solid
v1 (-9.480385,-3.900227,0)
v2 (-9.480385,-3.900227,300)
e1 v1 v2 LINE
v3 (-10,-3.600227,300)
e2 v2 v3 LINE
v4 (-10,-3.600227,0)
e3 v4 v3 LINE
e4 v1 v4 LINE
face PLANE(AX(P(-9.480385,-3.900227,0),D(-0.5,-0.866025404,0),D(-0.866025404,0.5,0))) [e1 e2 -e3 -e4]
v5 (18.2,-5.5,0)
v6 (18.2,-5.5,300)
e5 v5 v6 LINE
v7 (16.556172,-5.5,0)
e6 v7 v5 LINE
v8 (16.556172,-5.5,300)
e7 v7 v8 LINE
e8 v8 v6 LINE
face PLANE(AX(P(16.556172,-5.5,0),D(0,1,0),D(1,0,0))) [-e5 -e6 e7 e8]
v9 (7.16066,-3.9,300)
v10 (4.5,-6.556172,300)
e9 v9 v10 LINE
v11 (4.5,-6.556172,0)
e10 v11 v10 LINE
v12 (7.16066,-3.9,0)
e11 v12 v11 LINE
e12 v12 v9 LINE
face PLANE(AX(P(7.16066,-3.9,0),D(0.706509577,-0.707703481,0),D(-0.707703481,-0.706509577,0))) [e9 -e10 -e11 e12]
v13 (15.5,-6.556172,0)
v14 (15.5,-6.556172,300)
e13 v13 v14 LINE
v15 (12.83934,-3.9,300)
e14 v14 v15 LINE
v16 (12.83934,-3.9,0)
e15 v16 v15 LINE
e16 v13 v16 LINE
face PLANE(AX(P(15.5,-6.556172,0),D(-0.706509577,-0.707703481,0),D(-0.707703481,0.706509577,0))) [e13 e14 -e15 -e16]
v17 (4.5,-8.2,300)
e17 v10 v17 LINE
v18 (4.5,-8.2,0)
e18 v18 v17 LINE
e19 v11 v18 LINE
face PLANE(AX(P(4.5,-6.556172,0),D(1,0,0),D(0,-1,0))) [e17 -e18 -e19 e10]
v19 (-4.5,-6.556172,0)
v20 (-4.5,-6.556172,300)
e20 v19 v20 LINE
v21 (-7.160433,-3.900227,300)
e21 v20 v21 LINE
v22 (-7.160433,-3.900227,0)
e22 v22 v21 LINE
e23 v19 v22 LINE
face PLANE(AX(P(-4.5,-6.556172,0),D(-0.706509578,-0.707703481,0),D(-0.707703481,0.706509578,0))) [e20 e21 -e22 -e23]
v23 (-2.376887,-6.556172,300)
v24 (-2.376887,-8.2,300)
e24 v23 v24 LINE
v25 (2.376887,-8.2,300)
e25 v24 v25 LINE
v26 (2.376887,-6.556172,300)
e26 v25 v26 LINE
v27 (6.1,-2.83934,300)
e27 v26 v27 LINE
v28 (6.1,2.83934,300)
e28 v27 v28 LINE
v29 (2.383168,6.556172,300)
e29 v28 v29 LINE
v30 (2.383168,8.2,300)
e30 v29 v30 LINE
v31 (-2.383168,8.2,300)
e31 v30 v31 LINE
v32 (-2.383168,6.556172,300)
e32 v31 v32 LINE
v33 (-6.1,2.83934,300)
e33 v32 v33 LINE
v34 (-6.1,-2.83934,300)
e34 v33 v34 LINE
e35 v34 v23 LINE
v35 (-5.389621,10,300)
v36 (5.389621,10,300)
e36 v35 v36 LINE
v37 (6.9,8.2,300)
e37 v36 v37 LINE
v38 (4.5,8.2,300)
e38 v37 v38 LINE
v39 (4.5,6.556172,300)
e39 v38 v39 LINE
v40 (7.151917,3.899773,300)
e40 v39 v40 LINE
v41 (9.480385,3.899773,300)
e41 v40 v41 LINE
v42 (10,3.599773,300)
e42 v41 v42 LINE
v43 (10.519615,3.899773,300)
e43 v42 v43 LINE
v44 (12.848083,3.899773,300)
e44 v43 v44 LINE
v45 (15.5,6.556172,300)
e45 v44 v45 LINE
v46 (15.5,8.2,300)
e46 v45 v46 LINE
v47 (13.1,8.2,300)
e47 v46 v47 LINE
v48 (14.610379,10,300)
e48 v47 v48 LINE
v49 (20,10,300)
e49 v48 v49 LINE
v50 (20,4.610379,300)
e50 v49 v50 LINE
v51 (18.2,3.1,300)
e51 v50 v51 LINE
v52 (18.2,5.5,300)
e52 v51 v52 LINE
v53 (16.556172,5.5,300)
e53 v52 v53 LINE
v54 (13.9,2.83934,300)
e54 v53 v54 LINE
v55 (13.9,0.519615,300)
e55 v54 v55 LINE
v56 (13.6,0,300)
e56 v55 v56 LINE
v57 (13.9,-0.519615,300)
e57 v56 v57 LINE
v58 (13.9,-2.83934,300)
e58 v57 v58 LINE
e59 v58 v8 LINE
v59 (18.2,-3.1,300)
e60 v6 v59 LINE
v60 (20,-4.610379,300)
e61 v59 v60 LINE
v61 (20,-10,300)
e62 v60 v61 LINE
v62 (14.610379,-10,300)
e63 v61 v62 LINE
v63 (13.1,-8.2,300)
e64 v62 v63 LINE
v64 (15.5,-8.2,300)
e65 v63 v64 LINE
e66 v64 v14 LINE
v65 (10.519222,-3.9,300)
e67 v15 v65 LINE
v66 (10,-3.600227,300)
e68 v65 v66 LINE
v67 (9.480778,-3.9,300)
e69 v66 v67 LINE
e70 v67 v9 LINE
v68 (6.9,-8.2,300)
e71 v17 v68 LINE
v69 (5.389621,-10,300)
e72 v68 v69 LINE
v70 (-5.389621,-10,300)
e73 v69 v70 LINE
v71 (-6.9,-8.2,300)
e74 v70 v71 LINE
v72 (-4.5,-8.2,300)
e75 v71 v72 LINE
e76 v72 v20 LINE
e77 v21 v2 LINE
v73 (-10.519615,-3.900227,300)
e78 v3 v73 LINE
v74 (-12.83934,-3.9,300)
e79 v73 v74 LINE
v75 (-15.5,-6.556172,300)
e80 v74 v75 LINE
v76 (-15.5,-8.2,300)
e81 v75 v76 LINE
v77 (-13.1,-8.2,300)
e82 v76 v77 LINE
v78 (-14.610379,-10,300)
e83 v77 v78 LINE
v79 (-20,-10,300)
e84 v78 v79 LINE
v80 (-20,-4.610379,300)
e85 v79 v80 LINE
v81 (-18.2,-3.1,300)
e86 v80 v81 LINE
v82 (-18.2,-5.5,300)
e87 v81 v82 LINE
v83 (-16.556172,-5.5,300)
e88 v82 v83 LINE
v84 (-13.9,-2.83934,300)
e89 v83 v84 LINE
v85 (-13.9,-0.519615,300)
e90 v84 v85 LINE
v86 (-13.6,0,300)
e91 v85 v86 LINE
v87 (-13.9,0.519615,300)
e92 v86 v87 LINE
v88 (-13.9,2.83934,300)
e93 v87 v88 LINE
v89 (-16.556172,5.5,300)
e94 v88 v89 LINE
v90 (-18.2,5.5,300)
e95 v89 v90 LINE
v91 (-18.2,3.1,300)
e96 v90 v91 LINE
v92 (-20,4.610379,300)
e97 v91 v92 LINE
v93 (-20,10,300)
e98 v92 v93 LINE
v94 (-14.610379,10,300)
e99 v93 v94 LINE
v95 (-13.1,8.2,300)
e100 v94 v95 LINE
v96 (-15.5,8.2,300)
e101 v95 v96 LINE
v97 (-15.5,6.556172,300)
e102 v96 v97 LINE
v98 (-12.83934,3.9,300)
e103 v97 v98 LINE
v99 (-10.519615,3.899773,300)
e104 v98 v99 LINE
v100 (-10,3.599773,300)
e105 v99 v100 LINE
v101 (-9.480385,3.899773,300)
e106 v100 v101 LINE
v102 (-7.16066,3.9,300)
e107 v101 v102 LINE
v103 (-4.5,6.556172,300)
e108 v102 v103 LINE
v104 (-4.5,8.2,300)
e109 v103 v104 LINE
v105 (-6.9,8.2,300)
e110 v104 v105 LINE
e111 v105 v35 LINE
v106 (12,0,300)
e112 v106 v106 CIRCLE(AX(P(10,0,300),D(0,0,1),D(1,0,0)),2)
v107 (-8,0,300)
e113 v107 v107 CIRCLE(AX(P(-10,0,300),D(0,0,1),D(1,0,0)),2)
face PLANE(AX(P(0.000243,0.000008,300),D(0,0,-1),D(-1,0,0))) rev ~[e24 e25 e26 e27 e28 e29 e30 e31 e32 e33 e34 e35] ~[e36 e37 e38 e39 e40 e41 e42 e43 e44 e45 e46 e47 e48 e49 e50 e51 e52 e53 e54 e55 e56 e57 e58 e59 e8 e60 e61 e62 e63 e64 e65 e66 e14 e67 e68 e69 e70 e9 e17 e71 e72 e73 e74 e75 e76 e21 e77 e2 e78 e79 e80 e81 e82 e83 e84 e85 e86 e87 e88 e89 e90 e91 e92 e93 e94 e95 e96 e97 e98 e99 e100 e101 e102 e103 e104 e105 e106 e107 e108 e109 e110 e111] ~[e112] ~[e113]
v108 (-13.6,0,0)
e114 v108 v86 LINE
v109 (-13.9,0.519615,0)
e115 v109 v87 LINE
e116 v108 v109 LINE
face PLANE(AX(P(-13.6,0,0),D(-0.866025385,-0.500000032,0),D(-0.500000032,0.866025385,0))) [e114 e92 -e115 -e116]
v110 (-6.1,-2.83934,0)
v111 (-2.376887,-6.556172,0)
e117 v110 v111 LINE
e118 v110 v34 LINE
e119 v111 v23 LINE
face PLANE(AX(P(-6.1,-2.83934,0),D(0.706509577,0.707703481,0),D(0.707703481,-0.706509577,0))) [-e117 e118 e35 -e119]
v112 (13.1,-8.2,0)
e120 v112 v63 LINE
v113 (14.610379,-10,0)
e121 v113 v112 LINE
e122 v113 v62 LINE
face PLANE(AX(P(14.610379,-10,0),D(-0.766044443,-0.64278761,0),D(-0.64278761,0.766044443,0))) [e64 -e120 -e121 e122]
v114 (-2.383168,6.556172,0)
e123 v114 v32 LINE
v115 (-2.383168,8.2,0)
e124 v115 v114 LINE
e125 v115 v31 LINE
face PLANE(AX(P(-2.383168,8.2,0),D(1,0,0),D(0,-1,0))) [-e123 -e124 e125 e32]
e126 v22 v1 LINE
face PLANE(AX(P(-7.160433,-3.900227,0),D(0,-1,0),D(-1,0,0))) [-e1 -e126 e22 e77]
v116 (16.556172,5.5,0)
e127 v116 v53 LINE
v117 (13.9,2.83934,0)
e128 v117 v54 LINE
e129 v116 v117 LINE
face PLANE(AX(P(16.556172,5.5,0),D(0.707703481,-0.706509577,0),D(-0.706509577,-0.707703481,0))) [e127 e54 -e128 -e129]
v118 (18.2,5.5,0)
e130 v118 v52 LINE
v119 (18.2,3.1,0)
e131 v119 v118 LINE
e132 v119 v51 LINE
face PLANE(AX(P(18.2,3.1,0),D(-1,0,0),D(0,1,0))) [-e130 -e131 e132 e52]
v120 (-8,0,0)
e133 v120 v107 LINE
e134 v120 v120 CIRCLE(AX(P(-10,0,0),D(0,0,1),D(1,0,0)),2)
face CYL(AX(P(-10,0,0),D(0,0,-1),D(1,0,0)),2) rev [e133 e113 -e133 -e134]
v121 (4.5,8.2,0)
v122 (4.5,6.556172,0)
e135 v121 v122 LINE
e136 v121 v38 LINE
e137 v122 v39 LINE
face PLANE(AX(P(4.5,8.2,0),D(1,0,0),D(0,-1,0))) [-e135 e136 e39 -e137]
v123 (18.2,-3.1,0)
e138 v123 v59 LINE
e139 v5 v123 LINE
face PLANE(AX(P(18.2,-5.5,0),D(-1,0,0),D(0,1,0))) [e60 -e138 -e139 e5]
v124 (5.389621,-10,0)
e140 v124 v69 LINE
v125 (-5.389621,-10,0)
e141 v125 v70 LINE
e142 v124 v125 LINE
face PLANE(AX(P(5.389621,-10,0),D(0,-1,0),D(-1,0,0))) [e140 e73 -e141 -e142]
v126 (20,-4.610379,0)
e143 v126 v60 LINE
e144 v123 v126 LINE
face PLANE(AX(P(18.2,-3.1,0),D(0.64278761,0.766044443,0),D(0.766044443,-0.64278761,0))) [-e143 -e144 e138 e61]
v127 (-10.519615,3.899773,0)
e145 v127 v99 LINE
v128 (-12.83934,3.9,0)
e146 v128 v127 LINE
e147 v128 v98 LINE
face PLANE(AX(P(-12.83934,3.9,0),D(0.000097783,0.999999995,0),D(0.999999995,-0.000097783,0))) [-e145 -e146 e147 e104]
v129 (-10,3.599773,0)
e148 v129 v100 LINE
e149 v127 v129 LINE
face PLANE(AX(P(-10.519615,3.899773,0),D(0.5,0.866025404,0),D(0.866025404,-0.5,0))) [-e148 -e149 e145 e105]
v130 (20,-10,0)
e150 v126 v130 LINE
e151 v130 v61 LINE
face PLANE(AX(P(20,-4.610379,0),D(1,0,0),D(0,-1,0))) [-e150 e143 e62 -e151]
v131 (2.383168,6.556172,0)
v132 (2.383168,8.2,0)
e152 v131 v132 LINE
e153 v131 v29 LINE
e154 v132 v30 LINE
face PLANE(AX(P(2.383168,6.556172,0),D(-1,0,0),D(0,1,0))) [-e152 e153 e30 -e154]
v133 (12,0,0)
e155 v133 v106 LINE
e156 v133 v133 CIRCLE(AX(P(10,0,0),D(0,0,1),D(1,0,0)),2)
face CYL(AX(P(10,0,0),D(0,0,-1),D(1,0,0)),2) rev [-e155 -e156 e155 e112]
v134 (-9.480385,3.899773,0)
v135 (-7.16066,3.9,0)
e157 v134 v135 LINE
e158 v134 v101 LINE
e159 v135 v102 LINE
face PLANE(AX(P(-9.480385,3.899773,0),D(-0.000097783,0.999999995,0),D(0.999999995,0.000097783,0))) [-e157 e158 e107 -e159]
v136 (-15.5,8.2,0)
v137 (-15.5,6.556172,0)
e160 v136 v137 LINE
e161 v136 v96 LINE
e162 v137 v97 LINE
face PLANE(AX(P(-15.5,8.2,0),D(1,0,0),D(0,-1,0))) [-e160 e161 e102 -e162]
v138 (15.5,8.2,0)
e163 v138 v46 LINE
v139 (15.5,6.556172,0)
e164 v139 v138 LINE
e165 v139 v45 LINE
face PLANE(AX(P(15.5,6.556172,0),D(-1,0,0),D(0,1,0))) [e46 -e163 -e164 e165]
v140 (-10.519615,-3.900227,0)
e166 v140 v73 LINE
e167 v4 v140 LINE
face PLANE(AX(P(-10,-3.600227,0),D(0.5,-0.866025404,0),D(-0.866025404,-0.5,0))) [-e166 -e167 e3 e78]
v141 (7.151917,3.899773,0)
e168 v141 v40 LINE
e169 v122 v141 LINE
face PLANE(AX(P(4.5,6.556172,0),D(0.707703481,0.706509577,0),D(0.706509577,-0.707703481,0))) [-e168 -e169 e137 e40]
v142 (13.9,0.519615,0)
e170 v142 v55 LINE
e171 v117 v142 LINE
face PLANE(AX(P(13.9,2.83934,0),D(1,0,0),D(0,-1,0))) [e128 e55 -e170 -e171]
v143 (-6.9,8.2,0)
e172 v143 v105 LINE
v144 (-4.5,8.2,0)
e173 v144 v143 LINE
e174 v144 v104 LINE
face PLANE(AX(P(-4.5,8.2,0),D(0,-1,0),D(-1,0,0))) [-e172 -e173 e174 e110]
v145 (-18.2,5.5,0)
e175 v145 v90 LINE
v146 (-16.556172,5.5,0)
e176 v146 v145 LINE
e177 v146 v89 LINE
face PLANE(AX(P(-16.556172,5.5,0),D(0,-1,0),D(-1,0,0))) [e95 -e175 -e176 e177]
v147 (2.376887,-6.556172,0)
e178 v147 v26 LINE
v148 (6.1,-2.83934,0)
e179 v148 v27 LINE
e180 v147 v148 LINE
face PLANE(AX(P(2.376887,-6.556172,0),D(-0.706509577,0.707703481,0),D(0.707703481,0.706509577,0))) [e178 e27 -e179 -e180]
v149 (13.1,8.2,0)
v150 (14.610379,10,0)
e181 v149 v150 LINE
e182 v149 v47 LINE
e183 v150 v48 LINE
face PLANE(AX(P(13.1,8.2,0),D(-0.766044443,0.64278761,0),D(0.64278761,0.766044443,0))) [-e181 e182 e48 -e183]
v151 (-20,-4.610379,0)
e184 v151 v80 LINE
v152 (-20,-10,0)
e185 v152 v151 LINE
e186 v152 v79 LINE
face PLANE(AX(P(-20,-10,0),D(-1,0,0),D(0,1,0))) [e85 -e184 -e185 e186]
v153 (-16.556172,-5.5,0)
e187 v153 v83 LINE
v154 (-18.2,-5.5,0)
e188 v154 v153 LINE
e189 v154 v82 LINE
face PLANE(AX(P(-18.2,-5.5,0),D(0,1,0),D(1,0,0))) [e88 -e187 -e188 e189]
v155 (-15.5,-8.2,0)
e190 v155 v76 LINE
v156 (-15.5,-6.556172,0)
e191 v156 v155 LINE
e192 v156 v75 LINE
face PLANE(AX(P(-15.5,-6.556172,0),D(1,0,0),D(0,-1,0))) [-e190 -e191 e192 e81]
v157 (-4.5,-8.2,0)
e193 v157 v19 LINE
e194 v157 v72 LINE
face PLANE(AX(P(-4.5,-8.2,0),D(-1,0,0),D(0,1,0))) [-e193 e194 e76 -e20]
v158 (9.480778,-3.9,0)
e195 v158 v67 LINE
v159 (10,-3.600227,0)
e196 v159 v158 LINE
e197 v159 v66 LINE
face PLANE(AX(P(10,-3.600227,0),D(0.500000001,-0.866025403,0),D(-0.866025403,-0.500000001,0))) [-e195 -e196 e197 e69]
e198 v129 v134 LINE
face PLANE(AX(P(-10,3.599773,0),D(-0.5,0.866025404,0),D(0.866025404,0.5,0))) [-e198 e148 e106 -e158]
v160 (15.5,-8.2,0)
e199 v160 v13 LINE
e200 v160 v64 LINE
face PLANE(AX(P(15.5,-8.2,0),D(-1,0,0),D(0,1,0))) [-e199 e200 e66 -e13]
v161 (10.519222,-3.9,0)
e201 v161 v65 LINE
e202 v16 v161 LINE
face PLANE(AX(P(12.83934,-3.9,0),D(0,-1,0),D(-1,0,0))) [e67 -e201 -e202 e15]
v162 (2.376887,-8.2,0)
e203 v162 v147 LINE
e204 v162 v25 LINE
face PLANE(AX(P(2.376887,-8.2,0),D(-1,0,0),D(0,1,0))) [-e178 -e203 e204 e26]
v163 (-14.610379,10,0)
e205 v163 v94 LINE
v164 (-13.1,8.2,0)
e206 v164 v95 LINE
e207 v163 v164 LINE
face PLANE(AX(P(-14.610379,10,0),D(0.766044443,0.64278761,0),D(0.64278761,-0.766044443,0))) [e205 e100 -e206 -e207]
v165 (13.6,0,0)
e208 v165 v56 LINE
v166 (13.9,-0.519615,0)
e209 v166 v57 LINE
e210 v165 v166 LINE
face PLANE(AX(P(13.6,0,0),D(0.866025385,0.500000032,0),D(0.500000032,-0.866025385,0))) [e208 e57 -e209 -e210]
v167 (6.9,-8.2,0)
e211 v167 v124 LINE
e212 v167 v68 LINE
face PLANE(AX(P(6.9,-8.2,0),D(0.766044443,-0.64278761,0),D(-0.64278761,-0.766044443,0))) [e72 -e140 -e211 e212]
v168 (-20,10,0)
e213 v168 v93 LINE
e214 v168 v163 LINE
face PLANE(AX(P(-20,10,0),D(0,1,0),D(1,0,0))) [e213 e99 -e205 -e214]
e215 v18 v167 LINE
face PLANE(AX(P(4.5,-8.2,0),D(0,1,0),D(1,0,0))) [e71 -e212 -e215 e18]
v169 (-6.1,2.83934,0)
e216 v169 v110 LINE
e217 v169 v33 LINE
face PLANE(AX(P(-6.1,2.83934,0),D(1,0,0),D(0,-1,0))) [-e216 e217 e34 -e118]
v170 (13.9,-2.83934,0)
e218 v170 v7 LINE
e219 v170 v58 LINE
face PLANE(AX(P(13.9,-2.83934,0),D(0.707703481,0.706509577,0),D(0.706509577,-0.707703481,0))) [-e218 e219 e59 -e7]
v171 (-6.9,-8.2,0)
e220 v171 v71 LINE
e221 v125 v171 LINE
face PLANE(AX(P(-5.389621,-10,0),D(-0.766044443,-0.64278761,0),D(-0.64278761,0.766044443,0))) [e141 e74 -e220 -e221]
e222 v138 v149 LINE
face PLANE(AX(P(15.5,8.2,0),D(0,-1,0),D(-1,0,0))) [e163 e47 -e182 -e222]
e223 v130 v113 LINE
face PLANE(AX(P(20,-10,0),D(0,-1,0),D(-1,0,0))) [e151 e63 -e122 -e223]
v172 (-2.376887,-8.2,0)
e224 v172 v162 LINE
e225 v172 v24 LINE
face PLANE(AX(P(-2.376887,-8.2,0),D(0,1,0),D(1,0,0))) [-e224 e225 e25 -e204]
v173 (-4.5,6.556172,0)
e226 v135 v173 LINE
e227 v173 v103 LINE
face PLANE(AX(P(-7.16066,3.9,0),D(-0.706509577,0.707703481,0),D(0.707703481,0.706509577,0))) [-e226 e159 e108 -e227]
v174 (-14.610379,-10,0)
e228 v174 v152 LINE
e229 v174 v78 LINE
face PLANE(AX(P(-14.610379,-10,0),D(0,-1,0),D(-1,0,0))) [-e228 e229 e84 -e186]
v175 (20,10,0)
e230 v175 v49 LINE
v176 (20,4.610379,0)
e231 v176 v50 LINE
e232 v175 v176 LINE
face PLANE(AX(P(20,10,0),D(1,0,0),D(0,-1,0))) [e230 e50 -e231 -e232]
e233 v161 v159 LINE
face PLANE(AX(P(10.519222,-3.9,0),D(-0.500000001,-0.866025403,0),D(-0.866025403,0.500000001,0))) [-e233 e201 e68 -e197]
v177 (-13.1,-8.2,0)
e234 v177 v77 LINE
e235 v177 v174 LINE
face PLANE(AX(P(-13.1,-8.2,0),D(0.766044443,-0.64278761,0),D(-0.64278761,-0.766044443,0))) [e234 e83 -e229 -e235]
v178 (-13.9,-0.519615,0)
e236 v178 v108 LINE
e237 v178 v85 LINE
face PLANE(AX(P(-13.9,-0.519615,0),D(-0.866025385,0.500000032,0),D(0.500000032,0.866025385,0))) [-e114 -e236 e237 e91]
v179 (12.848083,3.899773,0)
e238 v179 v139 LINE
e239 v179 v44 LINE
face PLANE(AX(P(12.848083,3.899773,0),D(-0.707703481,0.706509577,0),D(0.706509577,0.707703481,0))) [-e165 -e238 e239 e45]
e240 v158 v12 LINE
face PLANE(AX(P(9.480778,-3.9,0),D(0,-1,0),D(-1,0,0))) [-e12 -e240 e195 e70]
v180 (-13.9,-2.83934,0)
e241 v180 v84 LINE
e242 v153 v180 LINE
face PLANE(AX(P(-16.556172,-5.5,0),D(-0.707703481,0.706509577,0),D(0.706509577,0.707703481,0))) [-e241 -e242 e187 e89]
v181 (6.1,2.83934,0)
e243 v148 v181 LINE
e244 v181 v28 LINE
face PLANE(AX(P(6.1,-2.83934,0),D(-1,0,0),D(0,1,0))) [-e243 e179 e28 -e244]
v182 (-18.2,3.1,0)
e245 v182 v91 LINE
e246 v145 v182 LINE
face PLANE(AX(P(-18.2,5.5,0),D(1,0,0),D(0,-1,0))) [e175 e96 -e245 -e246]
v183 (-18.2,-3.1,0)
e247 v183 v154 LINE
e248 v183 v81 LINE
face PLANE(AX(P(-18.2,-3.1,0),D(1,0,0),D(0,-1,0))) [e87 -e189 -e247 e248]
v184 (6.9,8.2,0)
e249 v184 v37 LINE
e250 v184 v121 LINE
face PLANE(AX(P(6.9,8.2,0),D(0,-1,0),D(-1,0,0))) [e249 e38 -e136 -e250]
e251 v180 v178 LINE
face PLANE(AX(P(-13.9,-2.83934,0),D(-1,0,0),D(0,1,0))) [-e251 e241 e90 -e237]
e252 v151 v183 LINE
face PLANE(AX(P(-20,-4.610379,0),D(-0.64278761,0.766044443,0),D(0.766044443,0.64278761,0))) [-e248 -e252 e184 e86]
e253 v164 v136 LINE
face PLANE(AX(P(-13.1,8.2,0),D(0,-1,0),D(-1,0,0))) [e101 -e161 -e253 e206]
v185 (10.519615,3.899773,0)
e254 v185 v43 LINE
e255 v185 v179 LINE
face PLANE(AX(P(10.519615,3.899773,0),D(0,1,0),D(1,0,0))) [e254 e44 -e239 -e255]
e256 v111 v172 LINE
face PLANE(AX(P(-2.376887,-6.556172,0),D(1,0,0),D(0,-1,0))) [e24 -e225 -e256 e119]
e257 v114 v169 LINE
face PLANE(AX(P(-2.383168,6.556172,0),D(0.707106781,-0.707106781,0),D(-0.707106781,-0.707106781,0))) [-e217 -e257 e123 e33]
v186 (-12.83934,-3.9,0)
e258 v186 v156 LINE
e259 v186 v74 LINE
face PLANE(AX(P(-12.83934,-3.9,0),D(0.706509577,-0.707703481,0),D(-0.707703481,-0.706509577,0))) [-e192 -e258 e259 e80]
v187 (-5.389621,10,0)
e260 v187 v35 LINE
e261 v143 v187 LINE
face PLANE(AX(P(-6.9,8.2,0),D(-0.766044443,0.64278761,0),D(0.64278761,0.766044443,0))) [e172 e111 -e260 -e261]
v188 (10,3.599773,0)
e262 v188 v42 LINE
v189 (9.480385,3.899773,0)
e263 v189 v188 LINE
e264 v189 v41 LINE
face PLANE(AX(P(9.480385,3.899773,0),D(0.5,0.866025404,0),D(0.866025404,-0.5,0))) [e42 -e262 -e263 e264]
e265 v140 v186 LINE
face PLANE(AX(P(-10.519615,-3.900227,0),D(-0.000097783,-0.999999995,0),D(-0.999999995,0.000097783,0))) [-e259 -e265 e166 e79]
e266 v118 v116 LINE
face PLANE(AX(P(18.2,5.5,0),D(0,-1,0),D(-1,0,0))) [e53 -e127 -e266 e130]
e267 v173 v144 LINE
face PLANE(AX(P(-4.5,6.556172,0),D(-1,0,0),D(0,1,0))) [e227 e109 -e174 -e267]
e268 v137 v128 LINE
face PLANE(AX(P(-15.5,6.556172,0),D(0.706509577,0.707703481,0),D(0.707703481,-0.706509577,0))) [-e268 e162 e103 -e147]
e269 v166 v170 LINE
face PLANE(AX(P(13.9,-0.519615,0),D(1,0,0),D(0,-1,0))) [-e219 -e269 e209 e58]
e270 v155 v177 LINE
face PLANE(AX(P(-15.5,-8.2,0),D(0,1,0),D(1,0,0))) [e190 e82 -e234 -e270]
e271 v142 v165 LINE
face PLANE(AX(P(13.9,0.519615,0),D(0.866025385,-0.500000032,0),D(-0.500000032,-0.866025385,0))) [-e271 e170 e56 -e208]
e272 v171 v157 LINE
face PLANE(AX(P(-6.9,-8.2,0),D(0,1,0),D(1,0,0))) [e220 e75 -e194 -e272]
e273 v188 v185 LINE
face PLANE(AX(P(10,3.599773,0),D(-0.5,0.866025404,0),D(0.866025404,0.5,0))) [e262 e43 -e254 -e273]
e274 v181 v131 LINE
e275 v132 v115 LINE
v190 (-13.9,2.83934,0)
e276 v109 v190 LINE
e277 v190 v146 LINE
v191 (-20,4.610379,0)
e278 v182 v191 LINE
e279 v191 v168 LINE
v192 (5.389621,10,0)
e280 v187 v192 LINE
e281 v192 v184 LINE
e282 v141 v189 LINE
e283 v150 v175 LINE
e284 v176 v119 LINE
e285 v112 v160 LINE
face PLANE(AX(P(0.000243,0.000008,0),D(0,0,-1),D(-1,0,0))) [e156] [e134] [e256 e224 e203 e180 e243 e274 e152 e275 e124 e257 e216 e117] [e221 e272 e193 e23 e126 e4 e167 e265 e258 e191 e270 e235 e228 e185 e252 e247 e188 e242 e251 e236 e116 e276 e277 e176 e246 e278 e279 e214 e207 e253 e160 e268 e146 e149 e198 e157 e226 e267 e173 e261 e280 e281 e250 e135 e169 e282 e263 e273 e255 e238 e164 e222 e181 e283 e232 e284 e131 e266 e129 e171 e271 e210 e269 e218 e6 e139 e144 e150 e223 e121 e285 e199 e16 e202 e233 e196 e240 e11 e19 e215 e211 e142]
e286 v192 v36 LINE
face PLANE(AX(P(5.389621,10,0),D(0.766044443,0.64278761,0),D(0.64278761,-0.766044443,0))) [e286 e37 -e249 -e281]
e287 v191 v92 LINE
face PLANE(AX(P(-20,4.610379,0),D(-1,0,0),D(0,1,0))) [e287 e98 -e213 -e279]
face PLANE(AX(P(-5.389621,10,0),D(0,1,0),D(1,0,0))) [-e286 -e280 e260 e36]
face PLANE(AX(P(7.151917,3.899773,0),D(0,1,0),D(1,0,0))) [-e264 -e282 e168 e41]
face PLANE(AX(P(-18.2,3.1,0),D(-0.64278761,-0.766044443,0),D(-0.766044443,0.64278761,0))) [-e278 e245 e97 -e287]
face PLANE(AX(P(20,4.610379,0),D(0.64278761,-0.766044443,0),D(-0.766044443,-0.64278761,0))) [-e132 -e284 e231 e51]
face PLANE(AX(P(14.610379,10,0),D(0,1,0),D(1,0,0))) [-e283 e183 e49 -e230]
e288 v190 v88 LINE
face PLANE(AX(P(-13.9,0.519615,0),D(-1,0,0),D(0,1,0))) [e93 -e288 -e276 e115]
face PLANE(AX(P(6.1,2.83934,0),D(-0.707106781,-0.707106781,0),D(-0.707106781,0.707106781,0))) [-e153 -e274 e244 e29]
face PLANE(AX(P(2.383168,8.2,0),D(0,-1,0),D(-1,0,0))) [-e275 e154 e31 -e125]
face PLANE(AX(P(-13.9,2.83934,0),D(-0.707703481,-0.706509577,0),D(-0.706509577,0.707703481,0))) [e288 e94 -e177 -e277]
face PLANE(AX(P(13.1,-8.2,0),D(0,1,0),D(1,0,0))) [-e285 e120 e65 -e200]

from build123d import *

# Parameters (mm, degrees)
SKETCH1_R           = 2
BOSS_EXTRUDE1_DEPTH = 300


with BuildPart() as part:
    # Sketch1 → Boss-Extrude1 (new body)
    with BuildSketch(Plane.XY):
        Polygon((-5.389620664, 10), (5.389620664, 10), (6.9, 8.2), (4.5, 8.2), (4.5, 6.556171609), (7.151917065, 3.899773171), (9.480384758, 3.899773171), (10, 3.599773171), (10.519615242, 3.899773171), (12.848082935, 3.899773171), (15.5, 6.556171609), (15.5, 8.2), (13.1, 8.2), (14.610379336, 10), (20, 10), (20, 4.610379336), (18.2, 3.1), (18.2, 5.5), (16.556171609, 5.5), (13.9, 2.839339828), (13.9, 0.519615231), (13.599999981, 0), (13.9, -0.519615231), (13.9, -2.839339828), (16.556171609, -5.5), (18.2, -5.5), (18.2, -3.1), (20, -4.610379336), (20, -10), (14.610379336, -10), (13.1, -8.2), (15.5, -8.2), (15.5, -6.556171609), (12.839339828, -3.9), (10.519222362, -3.9), (10, -3.600226829), (9.480777638, -3.9), (7.160660172, -3.9), (4.5, -6.556171609), (4.5, -8.2), (6.9, -8.2), (5.389620664, -10), (-5.389620664, -10), (-6.9, -8.2), (-4.5, -8.2), (-4.5, -6.556171609), (-7.160432959, -3.900226829), (-9.480384758, -3.900226829), (-10, -3.600226829), (-10.519615242, -3.900226829), (-12.839339828, -3.9), (-15.5, -6.556171609), (-15.5, -8.2), (-13.1, -8.2), (-14.610379336, -10), (-20, -10), (-20, -4.610379336), (-18.2, -3.1), (-18.2, -5.5), (-16.556171609, -5.5), (-13.9, -2.839339828), (-13.9, -0.519615231), (-13.599999981, 0), (-13.9, 0.519615231), (-13.9, 2.839339828), (-16.556171609, 5.5), (-18.2, 5.5), (-18.2, 3.1), (-20, 4.610379336), (-20, 10), (-14.610379336, 10), (-13.1, 8.2), (-15.5, 8.2), (-15.5, 6.556171609), (-12.839339828, 3.9), (-10.519615242, 3.899773171), (-10, 3.599773171), (-9.480384758, 3.899773171), (-7.160660172, 3.9), (-4.5, 6.556171609), (-4.5, 8.2), (-6.9, 8.2), align=None)
        with Locations((-10, 0)):
            Circle(SKETCH1_R, mode=Mode.SUBTRACT)
        with Locations((10, 0)):
            Circle(SKETCH1_R, mode=Mode.SUBTRACT)
        Polygon((-6.1, -2.839339828), (-2.376887287, -6.556171609), (-2.376887287, -8.2), (2.376887287, -8.2), (2.376887287, -6.556171609), (6.1, -2.839339828), (6.1, 2.839339828), (2.383168219, 6.556171609), (2.383168219, 8.2), (-2.383168219, 8.2), (-2.383168219, 6.556171609), (-6.1, 2.839339828), align=None, mode=Mode.SUBTRACT)
    extrude(amount=BOSS_EXTRUDE1_DEPTH)


solid = part.part
